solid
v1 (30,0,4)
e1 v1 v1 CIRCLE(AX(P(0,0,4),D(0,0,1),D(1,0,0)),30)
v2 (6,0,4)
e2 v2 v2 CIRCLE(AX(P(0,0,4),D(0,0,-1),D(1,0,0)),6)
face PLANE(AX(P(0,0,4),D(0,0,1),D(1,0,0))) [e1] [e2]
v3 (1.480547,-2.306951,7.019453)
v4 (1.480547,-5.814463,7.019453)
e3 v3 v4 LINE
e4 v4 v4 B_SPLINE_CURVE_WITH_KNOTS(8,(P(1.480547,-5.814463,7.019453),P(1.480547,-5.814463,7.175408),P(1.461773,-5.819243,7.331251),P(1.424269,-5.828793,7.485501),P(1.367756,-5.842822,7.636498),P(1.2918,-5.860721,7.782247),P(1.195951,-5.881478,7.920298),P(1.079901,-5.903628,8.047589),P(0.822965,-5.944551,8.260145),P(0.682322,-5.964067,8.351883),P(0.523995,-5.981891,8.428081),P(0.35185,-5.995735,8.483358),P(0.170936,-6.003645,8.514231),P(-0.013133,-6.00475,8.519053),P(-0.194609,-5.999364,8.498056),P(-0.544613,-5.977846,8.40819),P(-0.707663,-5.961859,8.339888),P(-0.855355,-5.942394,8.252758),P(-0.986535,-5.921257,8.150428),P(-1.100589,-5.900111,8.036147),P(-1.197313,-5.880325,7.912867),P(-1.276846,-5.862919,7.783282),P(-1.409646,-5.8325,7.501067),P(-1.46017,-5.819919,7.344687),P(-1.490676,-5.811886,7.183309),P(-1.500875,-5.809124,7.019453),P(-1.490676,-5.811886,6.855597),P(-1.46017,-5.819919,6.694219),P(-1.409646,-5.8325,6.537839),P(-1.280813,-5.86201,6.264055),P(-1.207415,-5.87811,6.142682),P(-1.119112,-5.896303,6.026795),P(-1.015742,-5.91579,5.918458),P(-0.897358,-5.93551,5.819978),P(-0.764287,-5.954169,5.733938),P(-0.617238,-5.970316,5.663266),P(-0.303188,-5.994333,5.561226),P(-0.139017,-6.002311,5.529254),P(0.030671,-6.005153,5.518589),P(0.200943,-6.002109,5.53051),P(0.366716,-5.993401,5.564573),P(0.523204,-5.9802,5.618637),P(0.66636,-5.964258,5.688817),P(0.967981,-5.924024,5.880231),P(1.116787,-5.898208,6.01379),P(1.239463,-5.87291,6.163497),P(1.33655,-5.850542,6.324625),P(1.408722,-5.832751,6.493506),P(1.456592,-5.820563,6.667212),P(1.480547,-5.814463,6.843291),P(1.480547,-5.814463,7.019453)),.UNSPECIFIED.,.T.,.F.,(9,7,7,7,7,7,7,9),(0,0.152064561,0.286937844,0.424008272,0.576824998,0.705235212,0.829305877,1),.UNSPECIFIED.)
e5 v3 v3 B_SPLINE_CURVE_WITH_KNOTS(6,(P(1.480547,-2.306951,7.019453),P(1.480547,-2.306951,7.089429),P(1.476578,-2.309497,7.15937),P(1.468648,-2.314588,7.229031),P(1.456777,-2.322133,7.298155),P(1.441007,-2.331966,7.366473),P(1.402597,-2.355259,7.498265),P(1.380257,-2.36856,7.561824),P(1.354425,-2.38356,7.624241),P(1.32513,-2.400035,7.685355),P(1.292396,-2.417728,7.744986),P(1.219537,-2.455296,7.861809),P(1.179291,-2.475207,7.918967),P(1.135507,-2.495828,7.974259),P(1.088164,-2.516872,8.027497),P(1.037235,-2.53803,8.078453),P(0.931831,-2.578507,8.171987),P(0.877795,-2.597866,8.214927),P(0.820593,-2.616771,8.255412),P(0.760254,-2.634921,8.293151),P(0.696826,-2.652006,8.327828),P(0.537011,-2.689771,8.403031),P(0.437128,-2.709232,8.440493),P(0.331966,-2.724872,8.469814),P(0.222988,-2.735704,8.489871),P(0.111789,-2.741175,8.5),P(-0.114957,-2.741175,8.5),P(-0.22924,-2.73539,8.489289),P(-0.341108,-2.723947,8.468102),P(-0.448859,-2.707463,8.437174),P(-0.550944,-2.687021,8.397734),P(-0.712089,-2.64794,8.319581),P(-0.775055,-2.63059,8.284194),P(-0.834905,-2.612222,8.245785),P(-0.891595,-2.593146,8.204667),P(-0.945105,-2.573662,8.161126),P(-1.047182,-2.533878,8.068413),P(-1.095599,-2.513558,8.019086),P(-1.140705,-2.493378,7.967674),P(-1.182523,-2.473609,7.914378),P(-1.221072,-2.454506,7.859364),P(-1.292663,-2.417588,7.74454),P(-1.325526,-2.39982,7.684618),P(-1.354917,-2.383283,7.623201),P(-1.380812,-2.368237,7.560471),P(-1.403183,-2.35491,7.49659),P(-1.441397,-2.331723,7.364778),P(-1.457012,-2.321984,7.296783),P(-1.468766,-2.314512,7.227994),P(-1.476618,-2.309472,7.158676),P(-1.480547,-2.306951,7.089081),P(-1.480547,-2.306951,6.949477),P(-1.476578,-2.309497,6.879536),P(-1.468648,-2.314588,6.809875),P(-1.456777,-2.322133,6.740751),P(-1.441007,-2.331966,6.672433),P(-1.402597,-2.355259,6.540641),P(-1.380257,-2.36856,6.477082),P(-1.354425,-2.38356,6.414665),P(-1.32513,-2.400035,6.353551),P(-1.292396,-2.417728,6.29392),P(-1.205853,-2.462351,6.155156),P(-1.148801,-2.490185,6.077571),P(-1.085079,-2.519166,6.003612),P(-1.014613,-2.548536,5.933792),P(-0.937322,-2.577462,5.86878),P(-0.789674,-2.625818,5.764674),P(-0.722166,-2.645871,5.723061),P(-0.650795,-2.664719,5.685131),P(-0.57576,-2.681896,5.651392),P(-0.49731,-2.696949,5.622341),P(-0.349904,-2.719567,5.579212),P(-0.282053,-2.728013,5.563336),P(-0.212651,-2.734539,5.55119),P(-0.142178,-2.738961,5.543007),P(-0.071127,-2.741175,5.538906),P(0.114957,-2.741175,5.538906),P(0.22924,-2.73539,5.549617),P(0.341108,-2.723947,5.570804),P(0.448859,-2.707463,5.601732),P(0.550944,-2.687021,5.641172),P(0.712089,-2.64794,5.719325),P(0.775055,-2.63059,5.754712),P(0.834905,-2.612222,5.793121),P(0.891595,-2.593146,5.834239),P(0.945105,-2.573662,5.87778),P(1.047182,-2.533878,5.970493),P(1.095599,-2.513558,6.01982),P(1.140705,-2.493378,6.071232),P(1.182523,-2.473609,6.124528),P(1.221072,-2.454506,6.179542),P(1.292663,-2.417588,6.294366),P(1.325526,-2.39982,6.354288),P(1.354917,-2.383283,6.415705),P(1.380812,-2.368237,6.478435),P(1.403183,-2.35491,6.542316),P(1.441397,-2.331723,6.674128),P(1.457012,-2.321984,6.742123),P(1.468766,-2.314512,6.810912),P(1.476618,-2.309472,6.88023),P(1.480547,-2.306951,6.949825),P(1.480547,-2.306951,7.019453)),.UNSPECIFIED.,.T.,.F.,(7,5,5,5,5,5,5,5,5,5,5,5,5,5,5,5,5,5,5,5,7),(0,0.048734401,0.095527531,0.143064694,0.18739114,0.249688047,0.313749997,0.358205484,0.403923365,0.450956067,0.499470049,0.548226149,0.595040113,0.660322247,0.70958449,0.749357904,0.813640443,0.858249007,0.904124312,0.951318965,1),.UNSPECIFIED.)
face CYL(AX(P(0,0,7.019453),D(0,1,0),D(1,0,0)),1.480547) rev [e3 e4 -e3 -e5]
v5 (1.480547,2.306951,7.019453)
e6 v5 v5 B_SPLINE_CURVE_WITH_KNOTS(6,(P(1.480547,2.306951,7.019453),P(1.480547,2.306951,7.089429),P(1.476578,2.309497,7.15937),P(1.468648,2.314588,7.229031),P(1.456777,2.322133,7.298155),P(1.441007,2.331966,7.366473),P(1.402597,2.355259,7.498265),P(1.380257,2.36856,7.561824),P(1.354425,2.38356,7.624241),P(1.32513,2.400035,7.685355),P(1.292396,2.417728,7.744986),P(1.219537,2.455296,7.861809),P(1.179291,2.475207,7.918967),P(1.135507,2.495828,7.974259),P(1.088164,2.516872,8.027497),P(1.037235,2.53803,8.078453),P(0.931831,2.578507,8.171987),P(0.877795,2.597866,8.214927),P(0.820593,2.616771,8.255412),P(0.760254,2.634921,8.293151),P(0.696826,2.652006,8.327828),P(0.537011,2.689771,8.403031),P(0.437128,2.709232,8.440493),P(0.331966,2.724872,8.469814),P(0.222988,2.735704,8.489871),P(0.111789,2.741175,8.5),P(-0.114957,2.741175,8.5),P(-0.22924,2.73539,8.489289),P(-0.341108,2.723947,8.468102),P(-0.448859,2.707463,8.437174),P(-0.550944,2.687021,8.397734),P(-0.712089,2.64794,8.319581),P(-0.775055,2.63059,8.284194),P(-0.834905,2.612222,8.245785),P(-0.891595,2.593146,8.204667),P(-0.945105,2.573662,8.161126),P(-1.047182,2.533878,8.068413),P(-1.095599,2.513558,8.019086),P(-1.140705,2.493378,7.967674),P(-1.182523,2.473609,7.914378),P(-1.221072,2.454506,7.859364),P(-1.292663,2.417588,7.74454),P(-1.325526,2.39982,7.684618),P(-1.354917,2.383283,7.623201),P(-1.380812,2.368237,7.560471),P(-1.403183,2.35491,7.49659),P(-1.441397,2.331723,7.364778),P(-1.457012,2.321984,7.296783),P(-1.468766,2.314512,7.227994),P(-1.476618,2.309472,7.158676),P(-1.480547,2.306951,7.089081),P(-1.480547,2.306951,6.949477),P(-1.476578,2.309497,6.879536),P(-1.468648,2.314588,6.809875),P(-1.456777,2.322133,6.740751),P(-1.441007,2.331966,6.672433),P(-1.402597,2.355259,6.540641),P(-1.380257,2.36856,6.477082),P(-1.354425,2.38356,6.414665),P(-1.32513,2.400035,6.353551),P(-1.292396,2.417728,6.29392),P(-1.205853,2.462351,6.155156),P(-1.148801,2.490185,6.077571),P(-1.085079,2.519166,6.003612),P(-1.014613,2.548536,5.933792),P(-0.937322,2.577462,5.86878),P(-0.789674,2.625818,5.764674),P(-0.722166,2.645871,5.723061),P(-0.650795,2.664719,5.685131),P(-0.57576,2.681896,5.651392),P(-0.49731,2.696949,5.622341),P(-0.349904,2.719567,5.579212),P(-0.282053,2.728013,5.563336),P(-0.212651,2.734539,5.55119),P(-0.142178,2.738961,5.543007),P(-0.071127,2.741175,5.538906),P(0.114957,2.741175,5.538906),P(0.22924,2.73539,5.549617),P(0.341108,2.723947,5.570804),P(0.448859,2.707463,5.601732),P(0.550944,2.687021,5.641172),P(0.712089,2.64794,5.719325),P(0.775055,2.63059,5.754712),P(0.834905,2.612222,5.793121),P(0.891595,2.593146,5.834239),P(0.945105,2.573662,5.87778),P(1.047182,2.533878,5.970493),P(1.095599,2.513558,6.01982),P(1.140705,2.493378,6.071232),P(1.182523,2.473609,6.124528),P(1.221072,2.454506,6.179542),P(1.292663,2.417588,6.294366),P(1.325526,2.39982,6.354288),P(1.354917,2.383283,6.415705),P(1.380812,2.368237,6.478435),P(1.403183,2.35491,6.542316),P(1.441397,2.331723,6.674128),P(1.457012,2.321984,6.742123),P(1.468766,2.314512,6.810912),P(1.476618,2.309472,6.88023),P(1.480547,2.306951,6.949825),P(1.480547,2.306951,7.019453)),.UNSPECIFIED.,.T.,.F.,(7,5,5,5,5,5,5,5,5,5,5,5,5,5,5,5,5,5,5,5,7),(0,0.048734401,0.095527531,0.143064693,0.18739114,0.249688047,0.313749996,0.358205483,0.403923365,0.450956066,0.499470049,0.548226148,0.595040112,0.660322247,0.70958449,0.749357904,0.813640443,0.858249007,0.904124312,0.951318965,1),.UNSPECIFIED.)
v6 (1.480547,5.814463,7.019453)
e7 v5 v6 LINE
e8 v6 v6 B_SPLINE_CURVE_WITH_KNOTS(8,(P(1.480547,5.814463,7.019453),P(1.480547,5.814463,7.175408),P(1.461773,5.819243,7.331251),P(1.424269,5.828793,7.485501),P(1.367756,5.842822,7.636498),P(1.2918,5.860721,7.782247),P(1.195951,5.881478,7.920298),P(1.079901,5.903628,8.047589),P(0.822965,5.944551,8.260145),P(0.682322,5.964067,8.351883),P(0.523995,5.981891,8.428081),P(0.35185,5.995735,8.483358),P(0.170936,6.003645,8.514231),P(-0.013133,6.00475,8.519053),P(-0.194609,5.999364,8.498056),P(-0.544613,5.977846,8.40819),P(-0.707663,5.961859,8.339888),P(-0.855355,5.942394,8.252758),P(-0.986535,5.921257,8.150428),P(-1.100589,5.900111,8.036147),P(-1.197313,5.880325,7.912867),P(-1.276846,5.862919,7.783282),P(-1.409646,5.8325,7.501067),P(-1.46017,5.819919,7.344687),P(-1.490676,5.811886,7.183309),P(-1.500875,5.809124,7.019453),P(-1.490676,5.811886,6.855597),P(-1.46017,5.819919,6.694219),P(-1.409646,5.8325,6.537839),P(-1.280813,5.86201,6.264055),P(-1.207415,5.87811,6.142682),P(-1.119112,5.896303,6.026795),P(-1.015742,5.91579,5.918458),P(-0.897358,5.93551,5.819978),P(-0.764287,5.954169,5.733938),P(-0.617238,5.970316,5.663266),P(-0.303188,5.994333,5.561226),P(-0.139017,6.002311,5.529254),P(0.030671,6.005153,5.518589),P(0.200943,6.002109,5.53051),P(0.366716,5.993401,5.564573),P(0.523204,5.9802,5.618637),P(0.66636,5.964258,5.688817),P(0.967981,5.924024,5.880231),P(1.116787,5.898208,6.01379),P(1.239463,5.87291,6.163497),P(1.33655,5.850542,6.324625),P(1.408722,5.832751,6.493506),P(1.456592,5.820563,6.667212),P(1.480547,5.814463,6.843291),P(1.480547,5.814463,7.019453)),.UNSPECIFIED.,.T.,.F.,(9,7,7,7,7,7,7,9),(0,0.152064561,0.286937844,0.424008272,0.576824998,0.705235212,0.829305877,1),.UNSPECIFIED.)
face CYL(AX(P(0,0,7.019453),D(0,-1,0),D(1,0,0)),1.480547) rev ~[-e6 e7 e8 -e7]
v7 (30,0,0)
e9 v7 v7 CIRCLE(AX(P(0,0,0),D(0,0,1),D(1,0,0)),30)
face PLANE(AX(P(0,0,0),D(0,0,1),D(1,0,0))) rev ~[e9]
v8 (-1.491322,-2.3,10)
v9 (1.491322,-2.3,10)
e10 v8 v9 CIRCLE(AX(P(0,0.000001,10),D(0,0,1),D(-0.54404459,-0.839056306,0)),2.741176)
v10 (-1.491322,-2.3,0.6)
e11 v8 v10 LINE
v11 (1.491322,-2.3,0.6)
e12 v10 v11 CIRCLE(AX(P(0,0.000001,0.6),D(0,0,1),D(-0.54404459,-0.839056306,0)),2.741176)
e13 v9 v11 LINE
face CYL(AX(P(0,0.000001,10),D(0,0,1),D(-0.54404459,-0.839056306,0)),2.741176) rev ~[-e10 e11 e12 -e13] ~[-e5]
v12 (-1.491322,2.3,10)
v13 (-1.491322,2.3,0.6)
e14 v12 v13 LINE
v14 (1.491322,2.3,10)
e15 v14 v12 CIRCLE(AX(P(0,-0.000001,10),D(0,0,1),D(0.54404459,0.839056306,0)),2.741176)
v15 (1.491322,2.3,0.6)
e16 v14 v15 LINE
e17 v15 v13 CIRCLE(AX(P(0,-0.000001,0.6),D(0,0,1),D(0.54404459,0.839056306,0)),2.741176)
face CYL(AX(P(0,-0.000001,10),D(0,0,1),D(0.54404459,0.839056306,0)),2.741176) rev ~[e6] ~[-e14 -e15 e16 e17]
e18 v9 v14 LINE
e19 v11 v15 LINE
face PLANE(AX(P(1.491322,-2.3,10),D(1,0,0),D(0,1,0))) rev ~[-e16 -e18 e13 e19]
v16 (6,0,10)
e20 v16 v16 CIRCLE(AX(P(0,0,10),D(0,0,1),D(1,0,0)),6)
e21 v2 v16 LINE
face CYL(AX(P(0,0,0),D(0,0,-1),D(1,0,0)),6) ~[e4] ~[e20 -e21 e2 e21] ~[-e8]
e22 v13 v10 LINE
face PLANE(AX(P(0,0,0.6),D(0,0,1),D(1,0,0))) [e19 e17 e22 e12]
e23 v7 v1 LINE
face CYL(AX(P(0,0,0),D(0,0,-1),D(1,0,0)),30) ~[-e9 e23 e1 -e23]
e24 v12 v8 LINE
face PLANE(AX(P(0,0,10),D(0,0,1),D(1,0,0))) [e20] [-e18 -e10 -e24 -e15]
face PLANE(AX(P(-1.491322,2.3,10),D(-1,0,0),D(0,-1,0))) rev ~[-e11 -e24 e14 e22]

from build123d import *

# Parameters (mm, degrees)
F0_R          = 30
F1_DEPTH      = 4
F2_R          = 6
F3_DEPTH      = 10
F4_R          = 1.480547
F5_DEPTH      = 25
F5_DEPTH_BACK = 25
F7_DEPTH      = 9.4


with BuildPart() as f1:
    # F0 (on Top) → F1 (new body)
    with BuildSketch(Plane.XY):
        Circle(F0_R)
    extrude(amount=F1_DEPTH)

    # F2 (on Top) → F3 (join)
    with BuildSketch(Plane.XY):
        Circle(F2_R)
    extrude(amount=F3_DEPTH)

    # F4 (on Front) → F5 (cut, two sides)
    with BuildSketch(Plane.XZ) as f5_sk:
        with Locations((0, 7.019453)):
            Circle(F4_R)
    extrude(amount=F5_DEPTH, mode=Mode.SUBTRACT)
    extrude(f5_sk.sketch, amount=-F5_DEPTH_BACK, mode=Mode.SUBTRACT)

    # F6 (on face) → F7 (cut)
    with BuildSketch(Plane.XY.offset(10)):
        with BuildLine():
            Line((-1.491322, 2.3), (-1.491322, -2.3))
            ThreePointArc((-1.491322, -2.3), (0, -2.741175), (1.491322, -2.3))
            Line((1.491322, -2.3), (1.491322, 2.3))
            ThreePointArc((1.491322, 2.3), (0, 2.741175), (-1.491322, 2.3))
        make_face()
    extrude(amount=-F7_DEPTH, mode=Mode.SUBTRACT)


solid = f1.part
